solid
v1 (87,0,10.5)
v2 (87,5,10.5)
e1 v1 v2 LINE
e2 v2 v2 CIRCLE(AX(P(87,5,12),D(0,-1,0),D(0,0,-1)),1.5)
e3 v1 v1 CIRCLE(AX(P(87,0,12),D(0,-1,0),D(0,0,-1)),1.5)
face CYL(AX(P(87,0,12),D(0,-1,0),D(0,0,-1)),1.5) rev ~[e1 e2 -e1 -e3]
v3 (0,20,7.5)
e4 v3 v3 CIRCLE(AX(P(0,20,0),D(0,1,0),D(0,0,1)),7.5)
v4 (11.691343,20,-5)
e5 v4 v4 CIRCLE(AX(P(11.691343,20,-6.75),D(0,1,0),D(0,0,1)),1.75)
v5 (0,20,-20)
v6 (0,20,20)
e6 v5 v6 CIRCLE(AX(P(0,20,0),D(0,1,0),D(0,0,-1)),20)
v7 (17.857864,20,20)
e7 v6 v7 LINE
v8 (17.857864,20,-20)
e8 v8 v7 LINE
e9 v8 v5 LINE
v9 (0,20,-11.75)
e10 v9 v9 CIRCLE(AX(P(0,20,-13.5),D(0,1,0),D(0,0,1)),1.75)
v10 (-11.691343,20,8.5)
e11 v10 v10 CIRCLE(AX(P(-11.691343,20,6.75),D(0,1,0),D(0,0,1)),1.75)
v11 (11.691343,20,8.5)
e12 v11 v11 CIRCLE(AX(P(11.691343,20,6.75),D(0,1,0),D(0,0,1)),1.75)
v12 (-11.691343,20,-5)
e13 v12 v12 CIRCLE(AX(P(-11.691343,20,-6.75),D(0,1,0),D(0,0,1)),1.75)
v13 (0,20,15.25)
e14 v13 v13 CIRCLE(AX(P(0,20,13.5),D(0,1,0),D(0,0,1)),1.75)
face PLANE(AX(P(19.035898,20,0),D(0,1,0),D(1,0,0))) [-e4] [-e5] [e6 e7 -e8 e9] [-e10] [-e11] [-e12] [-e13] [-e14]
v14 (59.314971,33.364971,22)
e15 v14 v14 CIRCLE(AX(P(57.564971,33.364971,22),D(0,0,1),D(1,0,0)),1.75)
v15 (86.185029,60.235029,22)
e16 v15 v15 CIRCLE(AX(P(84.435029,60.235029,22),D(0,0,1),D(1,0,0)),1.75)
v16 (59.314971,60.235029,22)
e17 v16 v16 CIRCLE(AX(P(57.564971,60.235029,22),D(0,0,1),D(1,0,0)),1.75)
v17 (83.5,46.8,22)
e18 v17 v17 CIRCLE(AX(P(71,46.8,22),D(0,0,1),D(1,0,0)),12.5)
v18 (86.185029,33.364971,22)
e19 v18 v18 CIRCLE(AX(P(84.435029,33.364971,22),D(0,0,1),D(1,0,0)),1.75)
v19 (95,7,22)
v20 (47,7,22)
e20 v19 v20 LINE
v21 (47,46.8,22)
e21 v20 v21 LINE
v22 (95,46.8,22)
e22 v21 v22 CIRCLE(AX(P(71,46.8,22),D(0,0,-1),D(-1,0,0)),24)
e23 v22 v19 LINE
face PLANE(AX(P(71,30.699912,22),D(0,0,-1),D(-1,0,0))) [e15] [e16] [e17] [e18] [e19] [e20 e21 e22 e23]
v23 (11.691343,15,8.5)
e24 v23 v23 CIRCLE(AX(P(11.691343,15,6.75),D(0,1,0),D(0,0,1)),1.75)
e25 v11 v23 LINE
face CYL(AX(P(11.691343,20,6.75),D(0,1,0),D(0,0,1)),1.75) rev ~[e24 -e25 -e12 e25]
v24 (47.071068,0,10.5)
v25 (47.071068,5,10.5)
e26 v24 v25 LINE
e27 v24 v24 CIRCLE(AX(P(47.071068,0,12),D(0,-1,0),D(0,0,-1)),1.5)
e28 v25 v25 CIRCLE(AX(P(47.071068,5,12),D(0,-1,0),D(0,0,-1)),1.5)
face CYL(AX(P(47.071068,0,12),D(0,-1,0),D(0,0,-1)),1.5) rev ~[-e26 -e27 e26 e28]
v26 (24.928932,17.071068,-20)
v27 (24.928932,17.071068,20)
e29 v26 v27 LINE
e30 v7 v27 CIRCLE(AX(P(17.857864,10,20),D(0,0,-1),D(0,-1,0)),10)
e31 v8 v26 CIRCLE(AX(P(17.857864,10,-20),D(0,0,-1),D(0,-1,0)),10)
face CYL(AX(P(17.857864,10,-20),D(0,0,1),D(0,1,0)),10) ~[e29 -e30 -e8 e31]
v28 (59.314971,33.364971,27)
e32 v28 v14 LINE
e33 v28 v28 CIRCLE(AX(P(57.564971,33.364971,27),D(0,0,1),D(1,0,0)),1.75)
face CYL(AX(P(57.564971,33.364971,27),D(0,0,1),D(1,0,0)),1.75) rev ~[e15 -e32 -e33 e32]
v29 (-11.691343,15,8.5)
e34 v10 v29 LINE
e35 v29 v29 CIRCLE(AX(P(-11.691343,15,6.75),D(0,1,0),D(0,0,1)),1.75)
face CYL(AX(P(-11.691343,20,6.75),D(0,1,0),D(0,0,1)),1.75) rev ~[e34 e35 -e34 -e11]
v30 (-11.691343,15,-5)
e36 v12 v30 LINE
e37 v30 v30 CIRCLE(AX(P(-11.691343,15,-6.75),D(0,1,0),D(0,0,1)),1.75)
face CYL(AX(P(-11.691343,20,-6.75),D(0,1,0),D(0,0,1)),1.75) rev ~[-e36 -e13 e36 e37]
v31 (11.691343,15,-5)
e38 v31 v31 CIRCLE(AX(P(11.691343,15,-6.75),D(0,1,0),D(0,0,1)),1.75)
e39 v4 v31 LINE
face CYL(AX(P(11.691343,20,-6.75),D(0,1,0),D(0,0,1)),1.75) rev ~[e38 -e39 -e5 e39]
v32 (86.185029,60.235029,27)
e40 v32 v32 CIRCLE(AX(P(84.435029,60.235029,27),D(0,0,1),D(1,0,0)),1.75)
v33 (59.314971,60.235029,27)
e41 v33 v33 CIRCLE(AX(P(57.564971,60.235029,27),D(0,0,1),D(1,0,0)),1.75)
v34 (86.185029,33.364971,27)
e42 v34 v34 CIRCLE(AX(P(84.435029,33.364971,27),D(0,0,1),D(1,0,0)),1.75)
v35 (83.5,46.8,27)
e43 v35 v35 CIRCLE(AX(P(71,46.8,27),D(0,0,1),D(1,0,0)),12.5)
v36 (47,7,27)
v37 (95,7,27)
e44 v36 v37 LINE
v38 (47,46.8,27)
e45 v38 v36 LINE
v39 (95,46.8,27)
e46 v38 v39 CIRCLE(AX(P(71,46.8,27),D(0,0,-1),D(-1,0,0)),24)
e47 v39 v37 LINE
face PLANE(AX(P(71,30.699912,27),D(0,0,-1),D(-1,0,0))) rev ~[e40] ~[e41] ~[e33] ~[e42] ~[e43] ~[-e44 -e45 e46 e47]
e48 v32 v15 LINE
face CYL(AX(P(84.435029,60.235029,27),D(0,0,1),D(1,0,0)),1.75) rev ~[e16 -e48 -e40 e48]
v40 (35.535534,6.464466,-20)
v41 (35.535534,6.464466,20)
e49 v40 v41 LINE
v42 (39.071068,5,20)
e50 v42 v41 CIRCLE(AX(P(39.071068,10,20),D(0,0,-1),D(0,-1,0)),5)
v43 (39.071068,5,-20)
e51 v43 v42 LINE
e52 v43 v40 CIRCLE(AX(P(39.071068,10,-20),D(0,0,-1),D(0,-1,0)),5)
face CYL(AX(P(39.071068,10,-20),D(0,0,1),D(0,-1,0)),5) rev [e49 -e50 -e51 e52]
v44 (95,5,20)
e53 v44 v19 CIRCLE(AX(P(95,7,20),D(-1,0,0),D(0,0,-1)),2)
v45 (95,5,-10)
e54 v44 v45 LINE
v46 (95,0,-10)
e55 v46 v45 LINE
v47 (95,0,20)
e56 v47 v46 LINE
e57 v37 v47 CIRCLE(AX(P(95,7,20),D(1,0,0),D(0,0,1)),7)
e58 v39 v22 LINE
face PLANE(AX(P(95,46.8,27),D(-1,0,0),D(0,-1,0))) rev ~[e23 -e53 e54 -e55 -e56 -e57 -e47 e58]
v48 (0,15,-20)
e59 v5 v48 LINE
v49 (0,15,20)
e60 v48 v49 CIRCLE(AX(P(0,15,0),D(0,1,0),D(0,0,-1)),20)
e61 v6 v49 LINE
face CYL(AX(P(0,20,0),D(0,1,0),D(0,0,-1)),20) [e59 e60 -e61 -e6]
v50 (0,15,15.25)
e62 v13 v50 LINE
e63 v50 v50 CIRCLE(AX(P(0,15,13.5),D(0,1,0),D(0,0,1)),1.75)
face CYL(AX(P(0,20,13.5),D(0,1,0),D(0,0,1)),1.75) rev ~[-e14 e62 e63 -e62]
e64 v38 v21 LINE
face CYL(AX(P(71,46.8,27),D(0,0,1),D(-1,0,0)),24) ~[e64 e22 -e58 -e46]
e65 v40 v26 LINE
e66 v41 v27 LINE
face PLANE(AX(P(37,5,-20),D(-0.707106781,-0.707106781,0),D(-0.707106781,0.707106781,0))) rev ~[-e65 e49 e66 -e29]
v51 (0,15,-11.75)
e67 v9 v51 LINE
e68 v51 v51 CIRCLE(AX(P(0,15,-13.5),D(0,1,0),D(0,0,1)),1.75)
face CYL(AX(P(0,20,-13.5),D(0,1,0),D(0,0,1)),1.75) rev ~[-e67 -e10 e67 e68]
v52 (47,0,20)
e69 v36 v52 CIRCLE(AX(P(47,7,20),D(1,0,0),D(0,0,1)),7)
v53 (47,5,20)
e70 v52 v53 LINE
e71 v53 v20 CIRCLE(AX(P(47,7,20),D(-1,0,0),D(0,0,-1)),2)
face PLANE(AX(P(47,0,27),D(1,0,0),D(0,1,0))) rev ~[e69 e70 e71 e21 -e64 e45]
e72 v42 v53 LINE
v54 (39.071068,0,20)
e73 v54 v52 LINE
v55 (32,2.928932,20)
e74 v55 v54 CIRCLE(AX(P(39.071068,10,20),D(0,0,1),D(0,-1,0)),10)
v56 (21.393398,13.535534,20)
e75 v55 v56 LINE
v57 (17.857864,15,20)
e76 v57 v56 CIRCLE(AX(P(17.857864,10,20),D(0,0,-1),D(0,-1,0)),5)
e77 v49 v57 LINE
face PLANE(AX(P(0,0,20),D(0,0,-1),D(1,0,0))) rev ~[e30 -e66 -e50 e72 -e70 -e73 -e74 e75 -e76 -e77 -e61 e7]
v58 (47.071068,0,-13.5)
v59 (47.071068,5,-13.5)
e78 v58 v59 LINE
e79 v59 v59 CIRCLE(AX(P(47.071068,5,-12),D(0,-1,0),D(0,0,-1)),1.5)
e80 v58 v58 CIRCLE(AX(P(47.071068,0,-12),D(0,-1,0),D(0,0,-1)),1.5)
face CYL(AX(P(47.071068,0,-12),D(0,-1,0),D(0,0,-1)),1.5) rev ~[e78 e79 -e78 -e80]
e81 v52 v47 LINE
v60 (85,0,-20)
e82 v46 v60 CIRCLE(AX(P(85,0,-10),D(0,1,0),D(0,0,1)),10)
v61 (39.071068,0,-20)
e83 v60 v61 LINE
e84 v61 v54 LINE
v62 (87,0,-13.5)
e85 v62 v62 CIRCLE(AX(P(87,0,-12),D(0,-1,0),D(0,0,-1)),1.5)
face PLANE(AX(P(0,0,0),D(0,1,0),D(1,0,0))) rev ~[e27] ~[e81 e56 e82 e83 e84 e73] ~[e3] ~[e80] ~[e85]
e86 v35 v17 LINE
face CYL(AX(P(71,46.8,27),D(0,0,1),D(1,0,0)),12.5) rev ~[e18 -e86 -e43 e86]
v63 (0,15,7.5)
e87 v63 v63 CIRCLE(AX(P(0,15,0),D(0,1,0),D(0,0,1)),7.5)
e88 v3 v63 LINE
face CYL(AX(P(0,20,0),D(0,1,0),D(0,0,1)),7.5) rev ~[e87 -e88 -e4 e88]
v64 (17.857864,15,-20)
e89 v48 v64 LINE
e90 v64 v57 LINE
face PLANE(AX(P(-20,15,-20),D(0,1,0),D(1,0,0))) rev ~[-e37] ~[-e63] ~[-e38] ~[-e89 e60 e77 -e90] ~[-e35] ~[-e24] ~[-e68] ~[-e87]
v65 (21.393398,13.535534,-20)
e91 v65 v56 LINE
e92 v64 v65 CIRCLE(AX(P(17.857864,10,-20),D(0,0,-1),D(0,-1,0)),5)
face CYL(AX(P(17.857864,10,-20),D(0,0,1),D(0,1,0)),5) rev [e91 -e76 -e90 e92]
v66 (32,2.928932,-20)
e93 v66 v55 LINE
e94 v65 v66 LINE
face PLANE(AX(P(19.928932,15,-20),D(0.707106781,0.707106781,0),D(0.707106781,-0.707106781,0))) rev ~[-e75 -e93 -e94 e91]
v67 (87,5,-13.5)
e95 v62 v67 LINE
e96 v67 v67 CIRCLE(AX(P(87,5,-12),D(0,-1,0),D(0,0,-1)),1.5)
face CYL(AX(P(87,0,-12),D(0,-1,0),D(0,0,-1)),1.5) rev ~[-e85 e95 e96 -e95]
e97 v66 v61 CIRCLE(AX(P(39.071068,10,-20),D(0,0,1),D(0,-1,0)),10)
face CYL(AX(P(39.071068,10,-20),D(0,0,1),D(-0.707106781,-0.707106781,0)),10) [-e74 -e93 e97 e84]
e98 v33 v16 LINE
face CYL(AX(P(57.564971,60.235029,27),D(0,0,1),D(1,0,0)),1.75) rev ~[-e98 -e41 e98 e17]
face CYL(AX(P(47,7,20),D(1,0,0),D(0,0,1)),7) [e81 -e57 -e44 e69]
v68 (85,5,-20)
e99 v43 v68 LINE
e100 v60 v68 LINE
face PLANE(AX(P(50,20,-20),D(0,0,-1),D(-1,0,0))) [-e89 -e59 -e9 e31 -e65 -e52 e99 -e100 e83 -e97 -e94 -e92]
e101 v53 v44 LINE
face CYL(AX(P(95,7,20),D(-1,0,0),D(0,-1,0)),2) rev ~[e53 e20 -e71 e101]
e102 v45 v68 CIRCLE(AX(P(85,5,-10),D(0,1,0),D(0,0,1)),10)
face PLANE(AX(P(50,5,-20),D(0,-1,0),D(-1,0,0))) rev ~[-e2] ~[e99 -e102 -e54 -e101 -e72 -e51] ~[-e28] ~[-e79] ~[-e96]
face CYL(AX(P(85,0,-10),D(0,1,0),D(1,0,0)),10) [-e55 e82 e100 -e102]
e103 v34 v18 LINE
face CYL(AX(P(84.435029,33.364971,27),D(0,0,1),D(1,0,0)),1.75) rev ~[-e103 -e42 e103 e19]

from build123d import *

# Parameters (mm, degrees)
SKETCH_1_R           = 20
SKETCH_1_W           = 48
SKETCH_1_H           = 7
EXTRUDE_1_DEPTH      = 5
SKETCH_3_R           = 1.75
CUT_EXTRUDE_1_DEPTH  = 11
EXTRUDE_3_DEPTH      = 5
FILLET_8_R           = 2
FILLET_9_R           = 7
FILLET_10_R          = 10
SKETCH_9_R           = 1.75
CUT_EXTRUDE_2_DEPTH  = 5
EXTRUDE_START        = 15
SKETCH_10_R          = 1.75
EXTRUDE_4_DEPTH      = 15
CUT_EXTRUDE_4_DEPTH  = 40
FILLET_11_R          = 5
FILLET_12_R          = 10
FILLET_13_R          = 10
FILLET_14_R          = 5
SKETCH_17_R          = 7.5
CUT_EXTRUDE_9_DEPTH  = 10
SKETCH_18_R          = 12.5
CUT_EXTRUDE_10_DEPTH = 10
SKETCH_21_R          = 1.5
CUT_EXTRUDE_13_DEPTH = 10


with BuildPart() as part:
    # 草图1 → 凸台-拉伸1 (new body)
    with BuildSketch(Plane(origin=(0, 0, 0), x_dir=(1, 0, 0), z_dir=(0, 1, 0))):
        Circle(SKETCH_1_R)
        with BuildLine():
            Line((95, 20), (0, 20))
            ThreePointArc((0, 20), (14.142135624, 14.142135624), (20, 0))
            ThreePointArc((20, 0), (14.142135624, -14.142135624), (0, -20))
            Line((0, -20), (47, -20))
            Line((47, -20), (95, -20))
            Line((95, -20), (95, 20))
        make_face()
        with Locations((71, -23.5)):
            Rectangle(SKETCH_1_W, SKETCH_1_H)
    extrude(amount=EXTRUDE_1_DEPTH)

    # 草图3 → 切除-拉伸1 (cut)
    with BuildSketch(Plane(origin=(0, 5, 0), x_dir=(1, 0, 0), z_dir=(0, 1, 0))):
        with Locations(Location((0, 13.5, 0), (0, 0, 270))):
            Circle(SKETCH_3_R)
        with Locations(Location((11.691342951, 6.75, 0), (0, 0, 270))):
            Circle(SKETCH_3_R)
        with Locations(Location((11.691342951, -6.75, 0), (0, 0, 270))):
            Circle(SKETCH_3_R)
        with Locations(Location((0, -13.5, 0), (0, 0, 270))):
            Circle(SKETCH_3_R)
        with Locations(Location((-11.691342951, -6.75, 0), (0, 0, 270))):
            Circle(SKETCH_3_R)
        with Locations(Location((-11.691342951, 6.75, 0), (0, 0, 270))):
            Circle(SKETCH_3_R)
    extrude(amount=-CUT_EXTRUDE_1_DEPTH, mode=Mode.SUBTRACT)

    # 草图8 → 凸台-拉伸3 (add)
    with BuildSketch(Plane.XY.offset(27)):
        with BuildLine():
            Line((95, 46.8), (95, 0))
            Line((95, 0), (47, 0))
            Line((47, 0), (47, 46.8))
            ThreePointArc((47, 46.8), (71, 70.8), (95, 46.8))
        make_face()
    extrude(amount=-EXTRUDE_3_DEPTH)

    # 圆角8
    fillet_8_edges = [part.edges().sort_by_distance(p)[0] for p in [
        (71, 5, 22),
    ]]
    fillet(fillet_8_edges, radius=FILLET_8_R)

    # 圆角9
    fillet_9_edges = [part.edges().sort_by_distance(p)[0] for p in [
        (71, 0, 27),
    ]]
    fillet(fillet_9_edges, radius=FILLET_9_R)

    # 圆角10
    fillet_10_edges = [part.edges().sort_by_distance(p)[0] for p in [
        (95, 2.5, -20),
    ]]
    fillet(fillet_10_edges, radius=FILLET_10_R)

    # 草图9 → 切除-拉伸2 (cut)
    with BuildSketch(Plane.XY.offset(27)):
        with Locations((57.564971157, 60.235028843)):
            Circle(SKETCH_9_R)
        with Locations((84.435028843, 60.235028843)):
            Circle(SKETCH_9_R)
        with Locations((84.435028843, 33.364971157)):
            Circle(SKETCH_9_R)
        with Locations((57.564971157, 33.364971157)):
            Circle(SKETCH_9_R)
    extrude(amount=-CUT_EXTRUDE_2_DEPTH, mode=Mode.SUBTRACT)

    # 草图10 → 凸台-拉伸4 (add)
    with BuildSketch(Plane(origin=(0, 5, 0), x_dir=(1, 0, 0), z_dir=(0, 1, 0)).offset(EXTRUDE_START)):
        with BuildLine():
            Line((50, 20), (0, 20))
            ThreePointArc((0, 20), (-20, -7e-09), (1.4e-08, -20))
            Line((1.4e-08, -20), (50, -20))
            Line((50, -20), (50, 20))
        make_face()
        with Locations(Location((11.691342951, 6.75, 0), (0, 0, 270))):
            Circle(SKETCH_10_R, mode=Mode.SUBTRACT)
        with Locations(Location((0, 13.5, 0), (0, 0, 270))):
            Circle(SKETCH_10_R, mode=Mode.SUBTRACT)
        with Locations(Location((0, -13.5, 0), (0, 0, 270))):
            Circle(SKETCH_10_R, mode=Mode.SUBTRACT)
        with Locations(Location((-11.691342951, -6.75, 0), (0, 0, 270))):
            Circle(SKETCH_10_R, mode=Mode.SUBTRACT)
        with Locations(Location((11.691342951, -6.75, 0), (0, 0, 270))):
            Circle(SKETCH_10_R, mode=Mode.SUBTRACT)
        with Locations(Location((-11.691342951, 6.75, 0), (0, 0, 270))):
            Circle(SKETCH_10_R, mode=Mode.SUBTRACT)
    extrude(amount=-EXTRUDE_4_DEPTH)

    # 草图11 → 切除-拉伸4 (cut)
    with BuildSketch(Plane(origin=(0, 0, -20), x_dir=(-1, 0, 0), z_dir=(0, 0, -1))):
        Polygon((-50, 5), (-37, 5), (-22, 20), (-50, 20), align=None)
        Polygon((20, 0), (20, 15), (-19.928932188, 15), (-34.928932188, 0), align=None)
    extrude(amount=-CUT_EXTRUDE_4_DEPTH, mode=Mode.SUBTRACT)

    # 圆角11
    fillet_11_edges = [part.edges().sort_by_distance(p)[0] for p in [
        (19.928932188, 15, 0),
    ]]
    fillet(fillet_11_edges, radius=FILLET_11_R)

    # 圆角12
    fillet_12_edges = [part.edges().sort_by_distance(p)[0] for p in [
        (22, 20, 0),
    ]]
    fillet(fillet_12_edges, radius=FILLET_12_R)

    # 圆角13
    fillet_13_edges = [part.edges().sort_by_distance(p)[0] for p in [
        (34.928932188, 0, 0),
    ]]
    fillet(fillet_13_edges, radius=FILLET_13_R)

    # 圆角14
    fillet_14_edges = [part.edges().sort_by_distance(p)[0] for p in [
        (37, 5, 0),
    ]]
    fillet(fillet_14_edges, radius=FILLET_14_R)

    # 草图17 → 切除-拉伸9 (cut)
    with BuildSketch(Plane(origin=(0, 20, 0), x_dir=(1, 0, 0), z_dir=(0, 1, 0))):
        with Locations(Location((0, 0, 0), (0, 0, 270))):
            Circle(SKETCH_17_R)
    extrude(amount=-CUT_EXTRUDE_9_DEPTH, mode=Mode.SUBTRACT)

    # 草图18 → 切除-拉伸10 (cut)
    with BuildSketch(Plane.XY.offset(27)):
        with Locations((71, 46.8)):
            Circle(SKETCH_18_R)
    extrude(amount=-CUT_EXTRUDE_10_DEPTH, mode=Mode.SUBTRACT)

    # 草图21 → 切除-拉伸13 (cut)
    with BuildSketch(Plane.XZ):
        with Locations(Location((87, 12, 0), (0, 0, 270))):
            Circle(SKETCH_21_R)
        with Locations(Location((47.071067812, -12, 0), (0, 0, 270))):
            Circle(SKETCH_21_R)
        with Locations(Location((47.071067812, 12, 0), (0, 0, 270))):
            Circle(SKETCH_21_R)
        with Locations(Location((87, -12, 0), (0, 0, 270))):
            Circle(SKETCH_21_R)
    extrude(amount=-CUT_EXTRUDE_13_DEPTH, mode=Mode.SUBTRACT)


solid = part.part
